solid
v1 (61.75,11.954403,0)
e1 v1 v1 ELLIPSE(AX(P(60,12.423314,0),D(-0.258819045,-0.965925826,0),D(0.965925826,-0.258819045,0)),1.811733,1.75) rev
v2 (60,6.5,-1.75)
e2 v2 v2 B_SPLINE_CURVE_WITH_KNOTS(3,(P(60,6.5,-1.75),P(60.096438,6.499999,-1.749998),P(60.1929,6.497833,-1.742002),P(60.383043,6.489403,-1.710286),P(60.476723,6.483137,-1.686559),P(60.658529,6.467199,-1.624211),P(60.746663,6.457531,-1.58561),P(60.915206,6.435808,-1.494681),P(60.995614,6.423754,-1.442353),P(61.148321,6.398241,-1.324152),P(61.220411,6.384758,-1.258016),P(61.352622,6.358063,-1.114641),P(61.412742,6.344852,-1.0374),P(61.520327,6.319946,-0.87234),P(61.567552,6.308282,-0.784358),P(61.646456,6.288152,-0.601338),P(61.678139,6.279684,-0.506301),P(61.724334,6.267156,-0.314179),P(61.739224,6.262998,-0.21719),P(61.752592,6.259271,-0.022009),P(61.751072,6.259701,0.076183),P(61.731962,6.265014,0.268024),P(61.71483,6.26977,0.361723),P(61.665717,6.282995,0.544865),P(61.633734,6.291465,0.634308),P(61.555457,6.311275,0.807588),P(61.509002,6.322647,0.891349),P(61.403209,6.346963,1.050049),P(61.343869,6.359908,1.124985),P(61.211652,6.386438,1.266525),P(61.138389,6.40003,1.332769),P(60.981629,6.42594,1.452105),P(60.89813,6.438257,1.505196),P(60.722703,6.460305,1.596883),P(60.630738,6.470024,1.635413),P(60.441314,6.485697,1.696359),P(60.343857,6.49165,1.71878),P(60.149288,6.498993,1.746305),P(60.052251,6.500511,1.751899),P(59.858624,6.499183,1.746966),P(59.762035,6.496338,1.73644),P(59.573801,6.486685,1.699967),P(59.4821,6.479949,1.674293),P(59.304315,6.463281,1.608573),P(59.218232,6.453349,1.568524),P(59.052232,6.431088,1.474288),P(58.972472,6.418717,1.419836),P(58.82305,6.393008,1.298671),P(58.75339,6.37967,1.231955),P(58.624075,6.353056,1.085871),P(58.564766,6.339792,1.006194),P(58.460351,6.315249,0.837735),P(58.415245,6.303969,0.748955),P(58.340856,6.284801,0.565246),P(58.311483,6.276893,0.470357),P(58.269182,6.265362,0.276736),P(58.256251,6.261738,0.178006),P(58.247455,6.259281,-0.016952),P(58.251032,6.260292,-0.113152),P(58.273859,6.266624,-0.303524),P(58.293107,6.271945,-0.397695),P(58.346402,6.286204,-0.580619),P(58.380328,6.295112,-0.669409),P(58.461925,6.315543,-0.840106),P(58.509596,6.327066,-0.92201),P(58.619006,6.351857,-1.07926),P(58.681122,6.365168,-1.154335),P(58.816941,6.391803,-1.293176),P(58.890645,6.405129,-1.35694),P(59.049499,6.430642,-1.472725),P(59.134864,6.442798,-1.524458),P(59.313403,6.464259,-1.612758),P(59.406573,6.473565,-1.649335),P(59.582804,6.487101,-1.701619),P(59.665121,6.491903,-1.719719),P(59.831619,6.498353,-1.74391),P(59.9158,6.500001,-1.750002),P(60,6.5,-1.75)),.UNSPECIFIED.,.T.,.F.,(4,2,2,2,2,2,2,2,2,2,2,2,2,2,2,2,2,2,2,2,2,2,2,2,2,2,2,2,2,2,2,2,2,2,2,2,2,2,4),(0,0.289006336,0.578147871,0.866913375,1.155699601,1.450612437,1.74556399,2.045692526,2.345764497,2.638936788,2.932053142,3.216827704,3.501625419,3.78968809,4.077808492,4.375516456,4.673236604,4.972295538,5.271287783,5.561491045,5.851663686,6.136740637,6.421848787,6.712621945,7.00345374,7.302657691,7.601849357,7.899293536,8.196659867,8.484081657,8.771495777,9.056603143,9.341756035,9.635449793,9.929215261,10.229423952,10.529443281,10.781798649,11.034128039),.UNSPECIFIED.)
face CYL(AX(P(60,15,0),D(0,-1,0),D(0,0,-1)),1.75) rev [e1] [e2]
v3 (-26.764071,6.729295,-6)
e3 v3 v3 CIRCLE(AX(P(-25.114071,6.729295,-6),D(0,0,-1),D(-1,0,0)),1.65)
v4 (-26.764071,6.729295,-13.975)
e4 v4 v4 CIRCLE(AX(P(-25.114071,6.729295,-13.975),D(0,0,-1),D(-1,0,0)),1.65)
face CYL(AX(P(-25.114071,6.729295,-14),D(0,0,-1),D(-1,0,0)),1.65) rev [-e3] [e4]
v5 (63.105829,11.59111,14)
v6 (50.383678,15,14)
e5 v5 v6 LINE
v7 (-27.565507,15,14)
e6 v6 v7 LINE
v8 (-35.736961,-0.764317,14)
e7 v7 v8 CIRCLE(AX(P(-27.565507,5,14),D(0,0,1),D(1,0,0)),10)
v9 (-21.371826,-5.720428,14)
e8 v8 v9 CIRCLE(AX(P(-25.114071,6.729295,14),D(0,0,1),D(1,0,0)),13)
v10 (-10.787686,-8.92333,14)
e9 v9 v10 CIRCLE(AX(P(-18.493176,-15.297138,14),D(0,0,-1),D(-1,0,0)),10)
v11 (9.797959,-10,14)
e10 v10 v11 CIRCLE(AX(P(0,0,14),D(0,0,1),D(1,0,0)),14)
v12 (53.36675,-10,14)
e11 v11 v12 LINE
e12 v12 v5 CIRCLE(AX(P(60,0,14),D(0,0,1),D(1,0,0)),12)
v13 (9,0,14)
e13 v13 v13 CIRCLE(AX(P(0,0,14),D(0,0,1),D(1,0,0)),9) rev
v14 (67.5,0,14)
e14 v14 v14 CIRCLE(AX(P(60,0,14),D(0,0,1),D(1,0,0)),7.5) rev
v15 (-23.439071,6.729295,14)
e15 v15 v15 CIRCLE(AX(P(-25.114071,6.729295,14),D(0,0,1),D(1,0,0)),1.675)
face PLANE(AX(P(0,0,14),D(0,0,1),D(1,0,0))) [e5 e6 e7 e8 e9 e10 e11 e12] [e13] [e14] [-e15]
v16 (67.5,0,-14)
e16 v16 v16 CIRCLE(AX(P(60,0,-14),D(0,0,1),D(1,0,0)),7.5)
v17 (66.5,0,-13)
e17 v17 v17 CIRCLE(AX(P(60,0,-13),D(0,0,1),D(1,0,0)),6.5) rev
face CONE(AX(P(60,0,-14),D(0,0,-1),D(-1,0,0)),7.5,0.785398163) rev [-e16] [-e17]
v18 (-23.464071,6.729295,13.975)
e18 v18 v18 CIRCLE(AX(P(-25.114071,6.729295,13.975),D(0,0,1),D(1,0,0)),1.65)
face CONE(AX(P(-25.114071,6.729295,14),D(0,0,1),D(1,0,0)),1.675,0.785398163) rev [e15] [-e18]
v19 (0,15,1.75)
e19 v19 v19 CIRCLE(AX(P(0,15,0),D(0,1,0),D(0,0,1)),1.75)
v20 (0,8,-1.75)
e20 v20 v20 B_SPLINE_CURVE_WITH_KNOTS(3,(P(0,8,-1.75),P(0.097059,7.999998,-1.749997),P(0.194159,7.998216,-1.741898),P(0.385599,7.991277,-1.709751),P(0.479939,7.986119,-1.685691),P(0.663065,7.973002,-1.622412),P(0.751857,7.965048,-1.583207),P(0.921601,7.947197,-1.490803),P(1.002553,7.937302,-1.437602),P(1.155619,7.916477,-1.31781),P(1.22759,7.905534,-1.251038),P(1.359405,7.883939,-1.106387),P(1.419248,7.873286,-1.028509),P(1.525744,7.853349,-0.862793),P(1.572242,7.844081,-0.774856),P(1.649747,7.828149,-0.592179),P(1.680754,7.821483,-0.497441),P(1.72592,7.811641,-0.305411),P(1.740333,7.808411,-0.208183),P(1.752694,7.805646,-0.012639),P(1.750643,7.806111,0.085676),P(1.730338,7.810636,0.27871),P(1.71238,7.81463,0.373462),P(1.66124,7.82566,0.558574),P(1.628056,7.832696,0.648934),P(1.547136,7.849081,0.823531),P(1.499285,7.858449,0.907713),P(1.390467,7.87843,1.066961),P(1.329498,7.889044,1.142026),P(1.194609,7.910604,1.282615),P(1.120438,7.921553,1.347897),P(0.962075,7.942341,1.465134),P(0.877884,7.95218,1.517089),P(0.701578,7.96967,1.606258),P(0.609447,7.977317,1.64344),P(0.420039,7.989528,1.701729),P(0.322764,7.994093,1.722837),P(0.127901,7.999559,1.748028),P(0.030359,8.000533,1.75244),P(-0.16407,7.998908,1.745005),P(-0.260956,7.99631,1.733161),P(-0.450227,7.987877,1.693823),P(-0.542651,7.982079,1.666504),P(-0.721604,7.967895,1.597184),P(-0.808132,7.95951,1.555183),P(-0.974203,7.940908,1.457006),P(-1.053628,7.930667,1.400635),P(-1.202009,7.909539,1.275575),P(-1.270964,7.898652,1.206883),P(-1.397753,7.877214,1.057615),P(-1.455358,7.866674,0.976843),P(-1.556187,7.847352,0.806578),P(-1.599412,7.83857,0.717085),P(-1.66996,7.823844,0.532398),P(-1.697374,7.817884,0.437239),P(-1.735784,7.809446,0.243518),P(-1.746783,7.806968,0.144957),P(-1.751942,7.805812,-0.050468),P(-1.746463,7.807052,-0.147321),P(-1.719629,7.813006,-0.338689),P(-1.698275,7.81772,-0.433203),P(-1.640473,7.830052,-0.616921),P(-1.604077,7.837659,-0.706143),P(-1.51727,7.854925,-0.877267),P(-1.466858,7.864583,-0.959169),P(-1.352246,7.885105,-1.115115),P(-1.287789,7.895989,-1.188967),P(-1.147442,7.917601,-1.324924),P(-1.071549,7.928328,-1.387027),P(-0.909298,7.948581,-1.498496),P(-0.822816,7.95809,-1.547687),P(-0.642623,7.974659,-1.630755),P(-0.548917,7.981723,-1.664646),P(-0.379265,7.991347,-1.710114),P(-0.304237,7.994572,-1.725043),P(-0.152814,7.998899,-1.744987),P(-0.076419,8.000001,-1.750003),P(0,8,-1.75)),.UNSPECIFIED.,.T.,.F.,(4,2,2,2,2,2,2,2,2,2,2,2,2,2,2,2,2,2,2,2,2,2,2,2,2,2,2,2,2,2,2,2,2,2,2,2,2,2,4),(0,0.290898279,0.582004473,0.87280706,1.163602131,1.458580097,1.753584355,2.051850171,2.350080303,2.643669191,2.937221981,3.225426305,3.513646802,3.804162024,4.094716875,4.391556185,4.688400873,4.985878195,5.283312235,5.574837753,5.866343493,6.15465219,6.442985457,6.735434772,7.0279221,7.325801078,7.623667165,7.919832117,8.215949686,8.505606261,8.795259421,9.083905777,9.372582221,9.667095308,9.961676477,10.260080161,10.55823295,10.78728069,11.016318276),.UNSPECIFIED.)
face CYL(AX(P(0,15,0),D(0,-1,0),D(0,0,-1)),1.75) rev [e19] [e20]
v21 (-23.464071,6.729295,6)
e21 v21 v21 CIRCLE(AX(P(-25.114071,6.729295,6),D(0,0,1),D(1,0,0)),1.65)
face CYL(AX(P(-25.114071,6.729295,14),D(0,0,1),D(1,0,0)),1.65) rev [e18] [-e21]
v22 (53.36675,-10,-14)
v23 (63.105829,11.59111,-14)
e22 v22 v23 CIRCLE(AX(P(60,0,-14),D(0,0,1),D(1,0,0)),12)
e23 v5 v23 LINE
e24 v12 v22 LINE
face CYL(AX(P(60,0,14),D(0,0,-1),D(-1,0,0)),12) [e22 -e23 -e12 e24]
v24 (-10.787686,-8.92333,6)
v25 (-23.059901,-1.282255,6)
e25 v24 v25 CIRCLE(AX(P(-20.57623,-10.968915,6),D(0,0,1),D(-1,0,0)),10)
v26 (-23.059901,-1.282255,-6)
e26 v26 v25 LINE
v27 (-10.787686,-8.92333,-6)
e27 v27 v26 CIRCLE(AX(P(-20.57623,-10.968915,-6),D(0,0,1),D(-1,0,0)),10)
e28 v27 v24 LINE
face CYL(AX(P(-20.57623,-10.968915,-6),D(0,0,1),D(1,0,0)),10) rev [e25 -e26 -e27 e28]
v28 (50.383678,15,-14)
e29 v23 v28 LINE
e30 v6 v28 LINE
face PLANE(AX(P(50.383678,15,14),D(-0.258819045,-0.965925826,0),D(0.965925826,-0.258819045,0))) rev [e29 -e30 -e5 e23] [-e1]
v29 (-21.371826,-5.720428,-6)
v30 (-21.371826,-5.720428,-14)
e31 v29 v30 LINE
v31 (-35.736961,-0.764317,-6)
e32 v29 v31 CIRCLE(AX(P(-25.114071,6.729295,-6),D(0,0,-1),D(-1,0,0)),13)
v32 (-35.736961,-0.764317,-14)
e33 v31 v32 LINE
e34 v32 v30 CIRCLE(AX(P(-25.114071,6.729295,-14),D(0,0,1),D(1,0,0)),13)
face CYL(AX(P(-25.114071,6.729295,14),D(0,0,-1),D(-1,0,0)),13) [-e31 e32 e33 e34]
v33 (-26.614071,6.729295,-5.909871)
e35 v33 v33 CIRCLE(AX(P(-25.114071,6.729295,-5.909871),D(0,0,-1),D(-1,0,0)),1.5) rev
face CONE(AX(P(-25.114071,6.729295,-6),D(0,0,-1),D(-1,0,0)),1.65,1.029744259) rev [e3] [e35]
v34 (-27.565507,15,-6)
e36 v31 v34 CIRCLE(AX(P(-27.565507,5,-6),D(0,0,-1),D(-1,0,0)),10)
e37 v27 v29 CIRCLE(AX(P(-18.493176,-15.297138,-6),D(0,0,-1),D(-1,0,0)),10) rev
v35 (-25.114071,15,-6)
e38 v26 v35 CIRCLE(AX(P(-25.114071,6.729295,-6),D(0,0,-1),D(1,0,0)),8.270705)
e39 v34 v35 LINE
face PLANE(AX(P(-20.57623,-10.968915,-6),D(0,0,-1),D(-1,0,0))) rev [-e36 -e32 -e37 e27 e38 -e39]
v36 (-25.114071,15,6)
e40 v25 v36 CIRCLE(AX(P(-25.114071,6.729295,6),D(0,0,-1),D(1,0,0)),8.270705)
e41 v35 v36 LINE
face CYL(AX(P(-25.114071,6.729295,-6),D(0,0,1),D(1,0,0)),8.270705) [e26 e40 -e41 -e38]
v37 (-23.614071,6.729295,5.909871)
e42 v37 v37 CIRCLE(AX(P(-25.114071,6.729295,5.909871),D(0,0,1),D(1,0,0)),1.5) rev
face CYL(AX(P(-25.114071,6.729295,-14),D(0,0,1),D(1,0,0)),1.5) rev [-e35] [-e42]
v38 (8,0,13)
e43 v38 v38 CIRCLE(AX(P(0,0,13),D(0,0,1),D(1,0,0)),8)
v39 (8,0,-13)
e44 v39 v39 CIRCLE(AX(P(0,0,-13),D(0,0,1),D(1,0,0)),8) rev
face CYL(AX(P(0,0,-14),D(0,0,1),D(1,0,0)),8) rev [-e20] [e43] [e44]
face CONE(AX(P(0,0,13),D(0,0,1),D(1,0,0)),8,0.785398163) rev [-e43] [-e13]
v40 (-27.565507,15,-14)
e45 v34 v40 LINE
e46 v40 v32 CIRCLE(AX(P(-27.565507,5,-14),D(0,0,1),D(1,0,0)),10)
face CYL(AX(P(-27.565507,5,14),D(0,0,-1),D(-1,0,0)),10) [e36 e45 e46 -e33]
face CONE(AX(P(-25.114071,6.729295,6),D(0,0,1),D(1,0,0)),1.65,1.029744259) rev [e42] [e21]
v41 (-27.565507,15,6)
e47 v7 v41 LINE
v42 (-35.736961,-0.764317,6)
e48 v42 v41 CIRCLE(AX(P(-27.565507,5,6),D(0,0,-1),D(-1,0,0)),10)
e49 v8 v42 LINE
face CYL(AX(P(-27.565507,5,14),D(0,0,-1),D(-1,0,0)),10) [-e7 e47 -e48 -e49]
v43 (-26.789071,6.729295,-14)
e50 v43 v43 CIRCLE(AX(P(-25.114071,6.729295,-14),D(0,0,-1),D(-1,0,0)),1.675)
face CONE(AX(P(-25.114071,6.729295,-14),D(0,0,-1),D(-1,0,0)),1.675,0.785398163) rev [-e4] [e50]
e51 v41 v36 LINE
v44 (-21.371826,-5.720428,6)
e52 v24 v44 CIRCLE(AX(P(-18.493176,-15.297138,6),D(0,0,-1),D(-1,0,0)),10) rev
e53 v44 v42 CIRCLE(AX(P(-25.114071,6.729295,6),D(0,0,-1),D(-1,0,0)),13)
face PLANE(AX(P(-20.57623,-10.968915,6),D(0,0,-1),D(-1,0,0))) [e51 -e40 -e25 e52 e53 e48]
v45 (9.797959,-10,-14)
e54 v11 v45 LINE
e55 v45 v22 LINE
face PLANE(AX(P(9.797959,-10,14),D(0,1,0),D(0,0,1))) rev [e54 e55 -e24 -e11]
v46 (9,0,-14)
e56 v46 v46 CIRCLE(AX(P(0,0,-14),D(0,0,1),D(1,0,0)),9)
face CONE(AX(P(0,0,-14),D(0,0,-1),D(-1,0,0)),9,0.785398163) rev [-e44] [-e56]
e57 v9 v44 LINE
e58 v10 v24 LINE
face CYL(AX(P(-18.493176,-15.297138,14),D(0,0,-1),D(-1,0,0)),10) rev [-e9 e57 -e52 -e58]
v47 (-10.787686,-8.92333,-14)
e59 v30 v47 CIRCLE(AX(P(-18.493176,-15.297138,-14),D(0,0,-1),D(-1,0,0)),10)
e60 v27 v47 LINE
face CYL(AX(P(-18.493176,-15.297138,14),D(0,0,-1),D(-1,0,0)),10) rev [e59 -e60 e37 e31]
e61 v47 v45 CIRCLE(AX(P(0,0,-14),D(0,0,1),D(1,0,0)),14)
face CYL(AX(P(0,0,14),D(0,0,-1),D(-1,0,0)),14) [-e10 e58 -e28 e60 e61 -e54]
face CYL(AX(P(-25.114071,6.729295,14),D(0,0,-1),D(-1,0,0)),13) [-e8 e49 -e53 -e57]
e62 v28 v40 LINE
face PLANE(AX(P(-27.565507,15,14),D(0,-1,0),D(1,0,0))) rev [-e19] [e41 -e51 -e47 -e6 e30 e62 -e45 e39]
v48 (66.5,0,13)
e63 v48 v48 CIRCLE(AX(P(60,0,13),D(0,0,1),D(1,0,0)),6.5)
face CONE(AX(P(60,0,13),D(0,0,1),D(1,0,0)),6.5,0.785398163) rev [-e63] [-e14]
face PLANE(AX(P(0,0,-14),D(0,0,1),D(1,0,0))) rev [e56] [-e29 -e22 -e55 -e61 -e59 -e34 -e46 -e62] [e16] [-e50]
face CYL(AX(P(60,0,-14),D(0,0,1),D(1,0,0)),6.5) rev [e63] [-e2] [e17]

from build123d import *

# Parameters (mm, degrees)
EXTRUDE_1_DEPTH          = 14
CUT_EXTRUDE_1_DEPTH      = 6
SKETCH_3_R               = 8
CUT_EXTRUDE_2_DEPTH      = 1
CUT_EXTRUDE_2_DEPTH_BACK = 29
SKETCH_4_R               = 6.5
CUT_EXTRUDE_3_DEPTH      = 29
SKETCH_5_R               = 1.75
CUT_EXTRUDE_4_DEPTH      = 16
SKETCH_6_R               = 1.75
CUT_EXTRUDE_5_DEPTH      = 16.0000001
SKETCH_11_R              = 1.5
CUT_EXTRUDE_6_DEPTH      = 29.0000001
CHAMFER_1_SIZE           = 1


with BuildPart() as part:
    # 草图1 → 凸台-拉伸1 (new body, symmetric)
    with BuildSketch(Plane.XY):
        with BuildLine():
            Line((9.797958971, -10), (53.366750419, -10))
            ThreePointArc((53.366750419, -10), (70.93867824, -4.934097522), (63.105828541, 11.591109915))
            Line((63.105828541, 11.591109915), (50.383677548, 15))
            Line((50.383677548, 15), (-27.565507431, 15))
            ThreePointArc((-27.565507431, 15), (-36.443659616, 9.602001064), (-35.73696059, -0.764317242))
            ThreePointArc((-35.73696059, -0.764317242), (-29.353950463, -5.559863718), (-21.371826468, -5.720427806))
            ThreePointArc((-21.371826468, -5.720427806), (-15.596757504, -5.725786931), (-10.787686266, -8.923330377))
            ThreePointArc((-10.787686266, -8.923330377), (-0.731228007, -13.98089073), (9.797958971, -10))
        make_face()
    extrude(amount=EXTRUDE_1_DEPTH, both=True)

    # 草图2 → 切除-拉伸1 (cut, symmetric)
    with BuildSketch(Plane.XY):
        with BuildLine():
            Line((-25.114071484, 15), (-25.880172402, 19.294363036))
            Line((-25.880172402, 19.294363036), (-38.301734179, 16.64803031))
            Line((-38.301734179, 16.64803031), (-39.057829244, 0.337979629))
            Line((-39.057829244, 0.337979629), (-36.873567525, -9.914677417))
            Line((-36.873567525, -9.914677417), (-21.991683498, -16.836179697))
            Line((-21.991683498, -16.836179697), (-15.8349094, -12.46162968))
            Line((-15.8349094, -12.46162968), (-10.787686266, -8.923330377))
            ThreePointArc((-10.787686266, -8.923330377), (-15.290702499, -2.479910341), (-23.059900609, -1.282255262))
            ThreePointArc((-23.059900609, -1.282255262), (-33.319731944, 5.694068268), (-25.114071484, 15))
        make_face()
    extrude(amount=CUT_EXTRUDE_1_DEPTH, both=True, mode=Mode.SUBTRACT)

    # 草图3 → 切除-拉伸2 (cut, two sides)
    with BuildSketch(Plane.XY.offset(14)) as cut_extrude_2_sk:
        Circle(SKETCH_3_R)
    extrude(amount=CUT_EXTRUDE_2_DEPTH, mode=Mode.SUBTRACT)
    extrude(cut_extrude_2_sk.sketch, amount=-CUT_EXTRUDE_2_DEPTH_BACK, mode=Mode.SUBTRACT)

    # 草图4 → 切除-拉伸3 (cut, through all)
    with BuildSketch(Plane.XY.offset(14)):
        with Locations((60, 0)):
            Circle(SKETCH_4_R)
    extrude(amount=-CUT_EXTRUDE_3_DEPTH, mode=Mode.SUBTRACT)

    # 草图5 → 切除-拉伸4 (cut, through all)
    with BuildSketch(Plane(origin=(0, 0, 0), x_dir=(1, 0, 0), z_dir=(0, 1, 0))):
        Circle(SKETCH_5_R)
    extrude(amount=CUT_EXTRUDE_4_DEPTH, mode=Mode.SUBTRACT)

    # 草图6 → 切除-拉伸5 (cut, through all)
    with BuildSketch(Plane(origin=(0, 0, 0), x_dir=(1, 0, 0), z_dir=(0, 1, 0))):
        with Locations((60, 0)):
            Circle(SKETCH_6_R)
    extrude(amount=CUT_EXTRUDE_5_DEPTH, mode=Mode.SUBTRACT)

    # 草图10 → M4 螺纹孔的螺纹孔钻头1 (revolve, cut)
    with BuildSketch(Plane(origin=(-25.114071484, 6.729295173, 14), x_dir=(0, -1, 0), z_dir=(1, 0, 0))):
        Polygon((0, 0), (0, 8.991420021), (1.65, 8), (1.65, 0.025), (1.675, 0), align=None)
    hole_wizard_m4_1 = revolve(axis=Axis((-25.114071484, 6.729295173, 20.35), (0, 0, -1)), mode=Mode.SUBTRACT)

    # 镜向1: M4 螺纹孔的螺纹孔钻头1 across plane
    add(hole_wizard_m4_1.mirror(Plane.XY), mode=Mode.SUBTRACT)

    # 草图11 → 切除-拉伸6 (cut, through all)
    with BuildSketch(Plane.XY.offset(14)):
        with Locations((-25.114071484, 6.729295173)):
            Circle(SKETCH_11_R)
    extrude(amount=-CUT_EXTRUDE_6_DEPTH, mode=Mode.SUBTRACT)

    # 倒角1
    chamfer_1_edges = [part.edges().sort_by_distance(p)[0] for p in [
        (-8, 0, 14),
        (-8, 0, -14),
        (53.5, 0, -14),
        (53.5, 0, 14),
    ]]
    chamfer(chamfer_1_edges, length=CHAMFER_1_SIZE)


solid = part.part
